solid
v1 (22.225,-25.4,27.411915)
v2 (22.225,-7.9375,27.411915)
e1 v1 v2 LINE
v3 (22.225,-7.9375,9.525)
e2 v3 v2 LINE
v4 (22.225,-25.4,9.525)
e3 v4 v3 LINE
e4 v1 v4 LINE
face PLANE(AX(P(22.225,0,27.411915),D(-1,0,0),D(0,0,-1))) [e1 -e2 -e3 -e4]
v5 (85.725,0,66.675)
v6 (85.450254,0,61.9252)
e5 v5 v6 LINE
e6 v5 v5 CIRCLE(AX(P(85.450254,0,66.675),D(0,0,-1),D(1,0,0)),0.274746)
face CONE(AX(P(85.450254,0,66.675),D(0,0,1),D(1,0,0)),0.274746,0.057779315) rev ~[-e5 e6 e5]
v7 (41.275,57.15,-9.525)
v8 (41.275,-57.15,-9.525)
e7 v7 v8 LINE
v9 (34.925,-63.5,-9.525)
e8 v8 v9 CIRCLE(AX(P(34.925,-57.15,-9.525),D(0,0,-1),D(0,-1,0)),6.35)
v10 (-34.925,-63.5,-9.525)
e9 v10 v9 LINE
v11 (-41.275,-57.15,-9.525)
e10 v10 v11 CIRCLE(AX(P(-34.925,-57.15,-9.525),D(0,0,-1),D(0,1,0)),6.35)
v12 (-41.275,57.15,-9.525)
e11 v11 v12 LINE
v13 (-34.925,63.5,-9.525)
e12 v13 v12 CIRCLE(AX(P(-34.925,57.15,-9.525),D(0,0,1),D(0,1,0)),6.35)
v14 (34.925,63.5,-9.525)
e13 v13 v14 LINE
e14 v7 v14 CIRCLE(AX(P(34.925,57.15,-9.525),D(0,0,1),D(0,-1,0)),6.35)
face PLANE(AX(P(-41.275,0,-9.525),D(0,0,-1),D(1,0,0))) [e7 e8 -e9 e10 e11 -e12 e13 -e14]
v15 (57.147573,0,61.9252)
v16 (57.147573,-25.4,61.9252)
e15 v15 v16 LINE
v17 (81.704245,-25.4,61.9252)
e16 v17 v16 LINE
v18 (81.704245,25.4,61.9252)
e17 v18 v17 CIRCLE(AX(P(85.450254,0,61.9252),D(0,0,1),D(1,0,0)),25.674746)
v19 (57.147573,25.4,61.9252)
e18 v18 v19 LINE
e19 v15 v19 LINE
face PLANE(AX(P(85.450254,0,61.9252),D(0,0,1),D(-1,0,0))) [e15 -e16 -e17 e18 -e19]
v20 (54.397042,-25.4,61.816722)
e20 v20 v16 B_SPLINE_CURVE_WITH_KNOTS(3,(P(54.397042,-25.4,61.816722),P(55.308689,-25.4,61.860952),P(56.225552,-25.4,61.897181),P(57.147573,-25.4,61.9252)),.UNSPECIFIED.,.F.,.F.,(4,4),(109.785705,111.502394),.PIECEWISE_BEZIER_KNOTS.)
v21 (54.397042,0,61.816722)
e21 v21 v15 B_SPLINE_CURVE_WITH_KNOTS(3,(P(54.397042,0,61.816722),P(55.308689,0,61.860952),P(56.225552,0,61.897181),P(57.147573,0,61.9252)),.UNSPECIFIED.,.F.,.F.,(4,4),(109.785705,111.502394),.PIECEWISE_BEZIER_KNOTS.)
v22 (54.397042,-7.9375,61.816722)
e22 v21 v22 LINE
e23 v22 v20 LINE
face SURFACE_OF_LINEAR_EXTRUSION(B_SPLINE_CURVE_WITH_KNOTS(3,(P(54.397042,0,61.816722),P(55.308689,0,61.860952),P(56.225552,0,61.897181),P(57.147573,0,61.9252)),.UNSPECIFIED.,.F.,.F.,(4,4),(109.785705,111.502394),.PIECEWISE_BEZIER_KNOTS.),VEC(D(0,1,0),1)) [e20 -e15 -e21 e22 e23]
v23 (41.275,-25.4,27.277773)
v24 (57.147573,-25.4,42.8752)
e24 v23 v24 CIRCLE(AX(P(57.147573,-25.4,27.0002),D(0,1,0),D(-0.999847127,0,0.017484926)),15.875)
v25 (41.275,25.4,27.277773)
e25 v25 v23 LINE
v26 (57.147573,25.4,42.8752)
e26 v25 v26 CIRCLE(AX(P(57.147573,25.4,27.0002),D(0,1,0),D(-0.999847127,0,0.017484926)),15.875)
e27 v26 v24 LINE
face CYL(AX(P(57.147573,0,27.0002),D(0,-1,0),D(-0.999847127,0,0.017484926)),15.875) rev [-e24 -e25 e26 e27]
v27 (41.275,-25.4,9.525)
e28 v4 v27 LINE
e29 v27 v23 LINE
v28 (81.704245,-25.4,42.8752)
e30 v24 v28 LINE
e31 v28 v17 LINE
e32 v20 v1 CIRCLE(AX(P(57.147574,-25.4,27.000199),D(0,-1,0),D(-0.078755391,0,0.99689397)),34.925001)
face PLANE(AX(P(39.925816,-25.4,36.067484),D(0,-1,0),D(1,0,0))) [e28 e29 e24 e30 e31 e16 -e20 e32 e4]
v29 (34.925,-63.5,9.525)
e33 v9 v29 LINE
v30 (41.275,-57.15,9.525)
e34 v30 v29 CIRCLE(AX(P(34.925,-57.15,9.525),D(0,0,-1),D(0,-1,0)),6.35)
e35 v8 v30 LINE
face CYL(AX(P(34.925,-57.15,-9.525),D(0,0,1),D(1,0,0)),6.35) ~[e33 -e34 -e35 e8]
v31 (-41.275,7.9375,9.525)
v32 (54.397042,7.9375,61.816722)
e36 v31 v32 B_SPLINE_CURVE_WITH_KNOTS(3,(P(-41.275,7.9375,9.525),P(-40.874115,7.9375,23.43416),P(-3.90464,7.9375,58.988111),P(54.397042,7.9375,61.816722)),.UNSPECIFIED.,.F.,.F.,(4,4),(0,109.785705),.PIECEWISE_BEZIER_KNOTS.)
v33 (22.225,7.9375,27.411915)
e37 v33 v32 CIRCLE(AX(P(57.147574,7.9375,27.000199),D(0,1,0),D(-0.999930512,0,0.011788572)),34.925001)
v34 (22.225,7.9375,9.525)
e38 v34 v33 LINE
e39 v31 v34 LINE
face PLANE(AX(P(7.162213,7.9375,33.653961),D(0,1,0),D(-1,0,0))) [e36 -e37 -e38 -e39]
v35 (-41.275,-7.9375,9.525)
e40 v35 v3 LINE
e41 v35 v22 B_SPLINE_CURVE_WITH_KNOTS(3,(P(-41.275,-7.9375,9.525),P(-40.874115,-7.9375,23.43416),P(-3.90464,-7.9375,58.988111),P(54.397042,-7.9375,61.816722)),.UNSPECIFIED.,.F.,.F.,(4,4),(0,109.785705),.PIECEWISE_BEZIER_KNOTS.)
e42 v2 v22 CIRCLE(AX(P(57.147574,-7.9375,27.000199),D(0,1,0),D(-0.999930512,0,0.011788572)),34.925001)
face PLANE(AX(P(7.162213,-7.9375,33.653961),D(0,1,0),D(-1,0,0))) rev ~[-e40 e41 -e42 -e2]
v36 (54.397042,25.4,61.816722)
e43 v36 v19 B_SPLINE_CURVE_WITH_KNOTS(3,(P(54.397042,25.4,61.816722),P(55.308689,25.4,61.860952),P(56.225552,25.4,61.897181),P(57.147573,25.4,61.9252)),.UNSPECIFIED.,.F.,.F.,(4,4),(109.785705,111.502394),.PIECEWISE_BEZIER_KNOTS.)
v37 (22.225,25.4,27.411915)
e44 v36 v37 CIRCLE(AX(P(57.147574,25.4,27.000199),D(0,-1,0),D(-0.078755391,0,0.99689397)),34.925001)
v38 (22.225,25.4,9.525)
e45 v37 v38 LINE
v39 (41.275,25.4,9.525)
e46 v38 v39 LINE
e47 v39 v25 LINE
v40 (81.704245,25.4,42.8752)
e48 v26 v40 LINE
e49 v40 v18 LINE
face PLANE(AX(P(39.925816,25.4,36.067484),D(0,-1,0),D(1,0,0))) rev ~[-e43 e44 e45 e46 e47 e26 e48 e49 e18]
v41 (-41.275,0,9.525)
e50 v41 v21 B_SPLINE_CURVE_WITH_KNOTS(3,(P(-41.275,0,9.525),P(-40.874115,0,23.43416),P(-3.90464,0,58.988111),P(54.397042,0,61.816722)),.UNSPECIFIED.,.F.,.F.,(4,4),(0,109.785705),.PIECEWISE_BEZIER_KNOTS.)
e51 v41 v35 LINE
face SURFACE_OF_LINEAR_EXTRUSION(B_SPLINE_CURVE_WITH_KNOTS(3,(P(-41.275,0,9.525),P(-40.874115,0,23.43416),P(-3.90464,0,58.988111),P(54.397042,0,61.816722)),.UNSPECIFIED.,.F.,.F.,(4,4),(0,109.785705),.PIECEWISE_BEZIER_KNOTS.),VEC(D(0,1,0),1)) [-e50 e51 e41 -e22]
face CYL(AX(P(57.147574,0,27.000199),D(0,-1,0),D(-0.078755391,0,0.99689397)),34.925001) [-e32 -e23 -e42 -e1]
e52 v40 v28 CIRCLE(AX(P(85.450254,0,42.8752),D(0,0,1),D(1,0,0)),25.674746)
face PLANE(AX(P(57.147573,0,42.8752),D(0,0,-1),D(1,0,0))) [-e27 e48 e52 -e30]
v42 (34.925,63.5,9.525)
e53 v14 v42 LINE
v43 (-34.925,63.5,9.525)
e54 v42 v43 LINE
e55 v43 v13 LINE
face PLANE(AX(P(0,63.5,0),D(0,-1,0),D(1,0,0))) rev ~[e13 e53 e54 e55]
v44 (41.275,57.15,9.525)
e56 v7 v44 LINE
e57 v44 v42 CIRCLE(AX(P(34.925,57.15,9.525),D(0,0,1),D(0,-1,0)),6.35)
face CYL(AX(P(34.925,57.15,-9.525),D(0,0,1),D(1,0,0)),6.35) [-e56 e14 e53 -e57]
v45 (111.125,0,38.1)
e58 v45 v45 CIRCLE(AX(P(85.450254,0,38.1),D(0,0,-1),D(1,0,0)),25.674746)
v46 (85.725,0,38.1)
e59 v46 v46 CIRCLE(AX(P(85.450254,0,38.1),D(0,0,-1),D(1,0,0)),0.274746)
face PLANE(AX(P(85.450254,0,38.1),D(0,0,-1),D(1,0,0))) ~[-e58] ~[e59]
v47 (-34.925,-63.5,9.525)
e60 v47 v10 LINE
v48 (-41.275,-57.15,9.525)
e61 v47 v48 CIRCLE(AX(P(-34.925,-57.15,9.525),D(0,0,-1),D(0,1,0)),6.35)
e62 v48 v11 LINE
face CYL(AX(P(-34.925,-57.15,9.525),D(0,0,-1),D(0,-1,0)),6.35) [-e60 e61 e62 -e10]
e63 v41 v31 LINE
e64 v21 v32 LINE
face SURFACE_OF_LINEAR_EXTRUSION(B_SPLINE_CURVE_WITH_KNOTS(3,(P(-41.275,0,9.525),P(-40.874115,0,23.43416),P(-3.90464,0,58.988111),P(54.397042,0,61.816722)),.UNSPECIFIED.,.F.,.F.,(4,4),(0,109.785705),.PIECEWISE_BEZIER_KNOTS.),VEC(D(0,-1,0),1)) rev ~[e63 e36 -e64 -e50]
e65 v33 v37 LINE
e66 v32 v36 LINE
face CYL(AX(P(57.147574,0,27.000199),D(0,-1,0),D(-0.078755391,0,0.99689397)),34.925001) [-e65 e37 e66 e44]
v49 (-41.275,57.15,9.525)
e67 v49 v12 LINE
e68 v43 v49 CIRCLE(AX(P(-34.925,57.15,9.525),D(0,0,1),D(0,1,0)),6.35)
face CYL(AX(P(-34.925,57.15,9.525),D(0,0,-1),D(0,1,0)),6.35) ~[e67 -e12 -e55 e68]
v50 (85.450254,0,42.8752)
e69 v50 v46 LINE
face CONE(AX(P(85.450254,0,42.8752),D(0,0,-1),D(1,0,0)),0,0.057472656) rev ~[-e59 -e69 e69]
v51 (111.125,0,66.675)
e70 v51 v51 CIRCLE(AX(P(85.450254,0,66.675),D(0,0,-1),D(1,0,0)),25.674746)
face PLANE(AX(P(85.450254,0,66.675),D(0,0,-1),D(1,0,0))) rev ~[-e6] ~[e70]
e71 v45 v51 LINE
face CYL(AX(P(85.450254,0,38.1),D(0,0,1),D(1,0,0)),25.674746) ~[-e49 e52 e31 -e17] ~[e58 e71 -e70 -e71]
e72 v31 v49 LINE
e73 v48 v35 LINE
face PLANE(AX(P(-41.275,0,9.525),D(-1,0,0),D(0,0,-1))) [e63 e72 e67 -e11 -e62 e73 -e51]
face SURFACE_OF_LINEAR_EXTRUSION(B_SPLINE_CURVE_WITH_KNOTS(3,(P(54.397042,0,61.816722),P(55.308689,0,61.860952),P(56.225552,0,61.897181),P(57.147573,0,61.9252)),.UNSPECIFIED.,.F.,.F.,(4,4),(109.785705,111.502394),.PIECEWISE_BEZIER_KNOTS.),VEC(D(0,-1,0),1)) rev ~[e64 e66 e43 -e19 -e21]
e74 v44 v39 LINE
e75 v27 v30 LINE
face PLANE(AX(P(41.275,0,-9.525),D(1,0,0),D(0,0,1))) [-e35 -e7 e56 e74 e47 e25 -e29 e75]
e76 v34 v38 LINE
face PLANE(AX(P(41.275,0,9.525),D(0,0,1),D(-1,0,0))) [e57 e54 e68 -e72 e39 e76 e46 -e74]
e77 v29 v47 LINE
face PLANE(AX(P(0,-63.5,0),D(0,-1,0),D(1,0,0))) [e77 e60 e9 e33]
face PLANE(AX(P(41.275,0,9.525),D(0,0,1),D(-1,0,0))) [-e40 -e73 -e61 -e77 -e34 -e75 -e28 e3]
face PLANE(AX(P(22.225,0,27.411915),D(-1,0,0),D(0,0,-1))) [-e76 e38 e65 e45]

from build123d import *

# Parameters (mm, degrees)
F1_DEPTH = 63.5
F2_DEPTH = 25.4
F3_DEPTH = 7.9375
F5_R     = 6.35


with BuildPart() as f1:
    # F0 (on Front) → F1 (new body, symmetric)
    with BuildSketch(Plane.XZ):
        Polygon((-41.275, -9.525), (41.275, -9.525), (41.275, 9.525), (22.225, 9.525), (-41.275, 9.525), align=None)
    extrude(amount=F1_DEPTH, both=True)

    # F0 (on Front) → F2 (join, symmetric)
    with BuildSketch(Plane.XZ):
        with BuildLine():
            Line((22.225, 9.525), (41.275, 9.525))
            Line((41.275, 9.525), (41.275, 27.277773))
            ThreePointArc((41.275, 27.277773), (46.020823, 38.323232), (57.147573, 42.8752))
            Line((57.147573, 42.8752), (60.325, 42.8752))
            Line((60.325, 42.8752), (60.325, 57.277))
            Line((60.325, 57.277), (60.325, 61.9252))
            Line((60.325, 61.9252), (57.147573, 61.9252))
            add(Edge.make_bspline(
                [(54.397042, 61.816722), (55.308689, 61.860952), (56.225552, 61.897181), (57.147573, 61.9252)],
                knots=[109.785705, 109.785705, 109.785705, 109.785705, 111.502394, 111.502394, 111.502394, 111.502394], degree=3))
            ThreePointArc((54.397042, 61.816722), (31.637999, 50.854282), (22.225, 27.411915))
            Line((22.225, 27.411915), (22.225, 9.525))
        make_face()
        Polygon((60.325, 57.277), (60.325, 42.8752), (85.450254, 42.8752), (85.450254, 61.9252), (60.325, 61.9252), align=None)
    extrude(amount=F2_DEPTH, both=True)

    # F0 (on Front) → F3 (join, symmetric)
    with BuildSketch(Plane.XZ):
        with BuildLine():
            add(Edge.make_bspline(
                [(-41.275, 9.525), (-40.874115, 23.43416), (-3.90464, 58.988111), (54.397042, 61.816722)],
                knots=[0, 0, 0, 0, 109.785705, 109.785705, 109.785705, 109.785705], degree=3))
            Line((-41.275, 9.525), (22.225, 9.525))
            Line((22.225, 9.525), (22.225, 27.411915))
            ThreePointArc((22.225, 27.411915), (31.637999, 50.854282), (54.397042, 61.816722))
        make_face()
    extrude(amount=F3_DEPTH, both=True)

    # F0 (on Front) → F4 (revolve)
    with BuildSketch(Plane.XZ):
        Polygon((85.450254, 61.9252), (85.450254, 42.8752), (85.725, 38.1), (111.125, 38.1), (111.125, 66.675), (85.725, 66.675), align=None)
    revolve(axis=Axis((85.450254, 0, 52.4002), (0, 0, -1)))

    # F5
    f5_edges = [f1.edges().sort_by_distance(p)[0] for p in [
        (41.275, -63.5, 0),
        (-41.275, -63.5, 0),
        (41.275, 63.5, 0),
        (-41.275, 63.5, 0),
    ]]
    fillet(f5_edges, radius=F5_R)


solid = f1.part
